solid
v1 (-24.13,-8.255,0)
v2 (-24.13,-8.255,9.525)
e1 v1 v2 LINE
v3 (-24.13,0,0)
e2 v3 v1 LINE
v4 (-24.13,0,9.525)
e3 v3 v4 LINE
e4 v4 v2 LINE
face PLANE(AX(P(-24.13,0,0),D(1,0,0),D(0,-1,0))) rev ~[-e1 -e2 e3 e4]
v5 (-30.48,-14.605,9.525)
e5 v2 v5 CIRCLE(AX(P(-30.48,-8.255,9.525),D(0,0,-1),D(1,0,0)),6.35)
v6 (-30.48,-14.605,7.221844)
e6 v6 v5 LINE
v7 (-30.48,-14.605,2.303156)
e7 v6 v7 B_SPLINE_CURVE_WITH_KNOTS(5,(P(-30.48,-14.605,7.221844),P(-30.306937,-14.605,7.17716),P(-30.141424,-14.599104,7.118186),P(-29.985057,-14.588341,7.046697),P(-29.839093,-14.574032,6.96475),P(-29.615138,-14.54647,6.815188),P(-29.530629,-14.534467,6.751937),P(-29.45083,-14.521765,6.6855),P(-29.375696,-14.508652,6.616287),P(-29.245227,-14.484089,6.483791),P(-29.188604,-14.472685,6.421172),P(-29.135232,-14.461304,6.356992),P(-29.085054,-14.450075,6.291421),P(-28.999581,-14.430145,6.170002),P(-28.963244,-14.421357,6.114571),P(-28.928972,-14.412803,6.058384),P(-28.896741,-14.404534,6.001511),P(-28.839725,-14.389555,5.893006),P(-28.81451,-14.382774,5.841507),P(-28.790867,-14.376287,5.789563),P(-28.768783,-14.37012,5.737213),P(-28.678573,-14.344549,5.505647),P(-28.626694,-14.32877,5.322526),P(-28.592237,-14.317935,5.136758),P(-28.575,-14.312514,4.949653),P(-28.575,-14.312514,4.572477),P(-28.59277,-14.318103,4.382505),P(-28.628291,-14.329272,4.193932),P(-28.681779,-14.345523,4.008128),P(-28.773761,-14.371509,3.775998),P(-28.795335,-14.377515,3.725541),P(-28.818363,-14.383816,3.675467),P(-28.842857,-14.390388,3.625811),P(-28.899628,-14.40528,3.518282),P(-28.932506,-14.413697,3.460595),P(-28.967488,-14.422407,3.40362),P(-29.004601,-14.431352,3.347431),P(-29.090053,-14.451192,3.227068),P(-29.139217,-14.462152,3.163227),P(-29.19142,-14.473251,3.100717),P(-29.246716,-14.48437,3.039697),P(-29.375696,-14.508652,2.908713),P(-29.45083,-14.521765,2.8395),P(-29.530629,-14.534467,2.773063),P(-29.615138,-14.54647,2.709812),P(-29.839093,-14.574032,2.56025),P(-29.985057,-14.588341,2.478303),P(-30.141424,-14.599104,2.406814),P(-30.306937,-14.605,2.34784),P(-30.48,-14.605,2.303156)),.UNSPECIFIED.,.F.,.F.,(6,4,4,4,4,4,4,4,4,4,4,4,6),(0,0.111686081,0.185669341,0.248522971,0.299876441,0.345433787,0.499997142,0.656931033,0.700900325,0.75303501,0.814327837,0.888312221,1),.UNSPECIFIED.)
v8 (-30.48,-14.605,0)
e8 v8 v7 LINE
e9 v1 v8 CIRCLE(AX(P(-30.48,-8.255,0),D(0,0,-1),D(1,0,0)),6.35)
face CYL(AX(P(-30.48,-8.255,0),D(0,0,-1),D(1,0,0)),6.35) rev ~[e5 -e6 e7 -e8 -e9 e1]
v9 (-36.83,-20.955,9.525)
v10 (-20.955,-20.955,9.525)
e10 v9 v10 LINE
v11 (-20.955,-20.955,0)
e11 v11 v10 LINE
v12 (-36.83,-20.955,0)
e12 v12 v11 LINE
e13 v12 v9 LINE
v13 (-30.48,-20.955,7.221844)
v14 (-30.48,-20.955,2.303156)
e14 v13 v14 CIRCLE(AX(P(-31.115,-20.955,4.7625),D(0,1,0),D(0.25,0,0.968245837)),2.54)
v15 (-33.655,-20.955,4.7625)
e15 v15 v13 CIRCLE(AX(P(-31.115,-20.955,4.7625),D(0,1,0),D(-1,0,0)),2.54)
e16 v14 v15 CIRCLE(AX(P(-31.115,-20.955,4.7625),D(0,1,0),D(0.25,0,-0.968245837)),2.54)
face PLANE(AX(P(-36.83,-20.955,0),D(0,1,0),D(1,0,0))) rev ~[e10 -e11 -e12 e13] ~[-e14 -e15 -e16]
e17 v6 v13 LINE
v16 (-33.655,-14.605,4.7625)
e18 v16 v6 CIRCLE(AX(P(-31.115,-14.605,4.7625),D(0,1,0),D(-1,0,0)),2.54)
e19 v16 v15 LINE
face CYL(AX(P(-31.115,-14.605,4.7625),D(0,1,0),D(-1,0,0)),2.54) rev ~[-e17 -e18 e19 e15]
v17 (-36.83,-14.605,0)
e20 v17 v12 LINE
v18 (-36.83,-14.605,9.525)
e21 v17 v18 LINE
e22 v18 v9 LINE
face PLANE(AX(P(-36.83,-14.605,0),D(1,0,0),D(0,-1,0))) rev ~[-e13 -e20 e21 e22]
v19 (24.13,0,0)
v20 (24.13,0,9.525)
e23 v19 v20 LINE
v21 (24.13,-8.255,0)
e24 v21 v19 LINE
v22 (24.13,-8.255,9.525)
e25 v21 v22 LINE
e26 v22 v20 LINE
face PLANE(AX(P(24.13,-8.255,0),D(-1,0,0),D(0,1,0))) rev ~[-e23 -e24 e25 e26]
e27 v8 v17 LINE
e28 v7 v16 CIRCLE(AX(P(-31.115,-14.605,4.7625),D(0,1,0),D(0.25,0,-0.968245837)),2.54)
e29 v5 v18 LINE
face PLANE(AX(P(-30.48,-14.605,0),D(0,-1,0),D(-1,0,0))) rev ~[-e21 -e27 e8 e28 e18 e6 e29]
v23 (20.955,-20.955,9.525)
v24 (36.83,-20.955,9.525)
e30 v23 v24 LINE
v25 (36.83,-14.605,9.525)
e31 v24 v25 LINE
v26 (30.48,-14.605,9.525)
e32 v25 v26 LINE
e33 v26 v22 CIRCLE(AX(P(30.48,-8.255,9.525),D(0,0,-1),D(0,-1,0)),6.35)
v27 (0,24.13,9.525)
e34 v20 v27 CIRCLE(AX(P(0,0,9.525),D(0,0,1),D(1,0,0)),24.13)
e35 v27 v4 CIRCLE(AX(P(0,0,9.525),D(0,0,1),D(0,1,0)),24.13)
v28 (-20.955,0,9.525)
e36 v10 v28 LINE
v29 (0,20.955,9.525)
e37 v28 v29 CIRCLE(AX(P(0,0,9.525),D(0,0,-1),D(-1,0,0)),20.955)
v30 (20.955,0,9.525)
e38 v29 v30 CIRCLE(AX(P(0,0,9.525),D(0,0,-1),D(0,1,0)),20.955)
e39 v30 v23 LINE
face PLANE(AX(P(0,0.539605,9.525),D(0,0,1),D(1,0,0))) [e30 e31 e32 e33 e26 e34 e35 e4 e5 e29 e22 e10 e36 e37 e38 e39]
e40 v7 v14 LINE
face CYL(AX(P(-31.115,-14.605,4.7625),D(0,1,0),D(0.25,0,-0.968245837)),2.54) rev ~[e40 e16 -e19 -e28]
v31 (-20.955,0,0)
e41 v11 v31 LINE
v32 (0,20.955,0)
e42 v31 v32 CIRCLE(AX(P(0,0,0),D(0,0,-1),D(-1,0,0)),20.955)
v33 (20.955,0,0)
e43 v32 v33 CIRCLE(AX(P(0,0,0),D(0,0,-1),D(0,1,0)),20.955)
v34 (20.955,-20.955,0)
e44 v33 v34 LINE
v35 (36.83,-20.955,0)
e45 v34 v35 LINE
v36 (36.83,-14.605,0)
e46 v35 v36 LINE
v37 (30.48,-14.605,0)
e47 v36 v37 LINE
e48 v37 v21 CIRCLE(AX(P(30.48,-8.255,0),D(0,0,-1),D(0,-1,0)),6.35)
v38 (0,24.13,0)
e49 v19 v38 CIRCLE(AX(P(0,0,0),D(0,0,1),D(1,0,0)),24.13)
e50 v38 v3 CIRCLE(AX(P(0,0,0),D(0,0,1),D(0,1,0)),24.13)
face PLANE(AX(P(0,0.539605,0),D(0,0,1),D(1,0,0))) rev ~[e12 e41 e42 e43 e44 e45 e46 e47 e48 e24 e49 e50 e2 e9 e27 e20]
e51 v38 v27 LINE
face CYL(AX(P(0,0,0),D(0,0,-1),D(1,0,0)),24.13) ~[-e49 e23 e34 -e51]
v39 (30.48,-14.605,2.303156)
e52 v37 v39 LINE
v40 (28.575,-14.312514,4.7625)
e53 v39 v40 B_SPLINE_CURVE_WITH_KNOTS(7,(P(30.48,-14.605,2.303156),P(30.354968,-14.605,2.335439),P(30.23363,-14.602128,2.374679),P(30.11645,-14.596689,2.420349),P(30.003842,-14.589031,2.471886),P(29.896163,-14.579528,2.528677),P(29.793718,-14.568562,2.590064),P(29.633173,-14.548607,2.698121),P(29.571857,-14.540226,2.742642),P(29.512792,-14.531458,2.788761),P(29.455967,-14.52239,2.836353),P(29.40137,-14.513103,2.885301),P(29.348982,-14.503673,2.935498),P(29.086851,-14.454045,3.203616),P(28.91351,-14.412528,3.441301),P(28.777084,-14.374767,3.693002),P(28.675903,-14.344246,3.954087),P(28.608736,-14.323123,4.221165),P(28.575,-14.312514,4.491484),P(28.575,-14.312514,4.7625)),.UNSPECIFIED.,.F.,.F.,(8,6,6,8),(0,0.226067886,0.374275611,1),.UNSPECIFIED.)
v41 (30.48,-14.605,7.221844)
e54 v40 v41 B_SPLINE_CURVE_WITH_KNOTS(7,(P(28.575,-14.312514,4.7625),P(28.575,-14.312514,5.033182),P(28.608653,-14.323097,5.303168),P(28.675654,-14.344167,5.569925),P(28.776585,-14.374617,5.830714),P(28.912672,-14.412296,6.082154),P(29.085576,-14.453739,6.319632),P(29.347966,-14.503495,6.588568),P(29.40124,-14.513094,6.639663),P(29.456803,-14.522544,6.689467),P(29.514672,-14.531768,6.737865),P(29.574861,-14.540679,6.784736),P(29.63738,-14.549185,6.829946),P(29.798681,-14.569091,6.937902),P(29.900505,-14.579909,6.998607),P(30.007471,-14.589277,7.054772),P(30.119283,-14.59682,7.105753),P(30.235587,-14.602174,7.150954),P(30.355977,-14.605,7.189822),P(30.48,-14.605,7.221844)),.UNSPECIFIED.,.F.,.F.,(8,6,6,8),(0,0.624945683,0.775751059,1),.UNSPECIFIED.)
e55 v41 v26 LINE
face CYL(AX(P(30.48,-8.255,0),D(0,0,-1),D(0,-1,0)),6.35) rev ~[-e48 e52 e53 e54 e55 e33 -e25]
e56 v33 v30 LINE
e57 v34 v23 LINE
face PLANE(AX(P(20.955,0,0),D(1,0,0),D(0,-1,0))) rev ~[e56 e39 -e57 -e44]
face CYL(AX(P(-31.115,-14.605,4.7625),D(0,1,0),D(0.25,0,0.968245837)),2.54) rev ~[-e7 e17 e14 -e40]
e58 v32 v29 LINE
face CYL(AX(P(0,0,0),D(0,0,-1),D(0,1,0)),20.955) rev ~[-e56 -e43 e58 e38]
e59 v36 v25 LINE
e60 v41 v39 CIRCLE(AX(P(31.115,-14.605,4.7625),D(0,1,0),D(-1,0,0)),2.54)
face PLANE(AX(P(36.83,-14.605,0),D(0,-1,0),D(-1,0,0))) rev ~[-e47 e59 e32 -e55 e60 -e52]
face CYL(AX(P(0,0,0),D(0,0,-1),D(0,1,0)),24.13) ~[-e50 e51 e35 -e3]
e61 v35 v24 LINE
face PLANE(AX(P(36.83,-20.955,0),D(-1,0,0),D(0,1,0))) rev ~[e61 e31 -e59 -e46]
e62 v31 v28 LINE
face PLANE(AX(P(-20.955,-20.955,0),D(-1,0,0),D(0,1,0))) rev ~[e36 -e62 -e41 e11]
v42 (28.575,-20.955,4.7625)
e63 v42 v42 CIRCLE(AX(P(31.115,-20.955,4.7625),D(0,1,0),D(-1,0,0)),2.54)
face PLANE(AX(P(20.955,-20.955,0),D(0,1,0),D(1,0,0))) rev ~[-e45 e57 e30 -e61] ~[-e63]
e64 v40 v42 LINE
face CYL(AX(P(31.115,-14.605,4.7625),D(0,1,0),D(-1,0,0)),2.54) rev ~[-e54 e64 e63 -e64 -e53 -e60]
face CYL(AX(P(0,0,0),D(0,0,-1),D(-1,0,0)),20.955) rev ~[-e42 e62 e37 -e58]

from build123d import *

# Parameters (mm, degrees)
F1_DEPTH      = 9.525
F2_R          = 2.54
F3_DEPTH      = 25.4
F3_DEPTH_BACK = 25.4


with BuildPart() as f1:
    # F0 (on Top) → F1 (new body)
    with BuildSketch(Plane.XY):
        with BuildLine():
            ThreePointArc((-20.955, 0), (-14.8174225998, 14.8174225998), (0, 20.955))
            ThreePointArc((0, 20.955), (14.8174225998, 14.8174225998), (20.955, 0))
            Line((20.955, 0), (20.955, -20.955))
            Line((20.955, -20.955), (36.83, -20.955))
            Line((36.83, -20.955), (36.83, -14.605))
            Line((36.83, -14.605), (30.48, -14.605))
            ThreePointArc((30.48, -14.605), (25.9898719395, -12.7451280605), (24.13, -8.255))
            Line((24.13, -8.255), (24.13, 0))
            ThreePointArc((24.13, 0), (17.06248663, 17.06248663), (0, 24.13))
            ThreePointArc((0, 24.13), (-17.06248663, 17.06248663), (-24.13, 0))
            Line((-24.13, 0), (-24.13, -8.255))
            ThreePointArc((-24.13, -8.255), (-25.9898719395, -12.7451280605), (-30.48, -14.605))
            Line((-30.48, -14.605), (-36.83, -14.605))
            Line((-36.83, -14.605), (-36.83, -20.955))
            Line((-36.83, -20.955), (-20.955, -20.955))
            Line((-20.955, -20.955), (-20.955, 0))
        make_face()
    extrude(amount=F1_DEPTH)

    # F2 (on face) → F3 (cut, two sides)
    with BuildSketch(Plane(origin=(0, -14.605, 0), x_dir=(-1, 0, 0), z_dir=(0, 1, 0))) as f3_sk:
        with Locations((-31.115, 4.7625)):
            Circle(F2_R)
        with BuildLine():
            Line((30.48, 2.3031555752), (30.48, 7.2218444248))
            ThreePointArc((30.48, 7.2218444248), (28.575, 4.7625), (30.48, 2.3031555752))
        make_face()
        with BuildLine():
            ThreePointArc((30.48, 2.3031555752), (32.6704259867, 2.7544536858), (33.655, 4.7625))
            ThreePointArc((33.655, 4.7625), (32.6704259867, 6.7705463142), (30.48, 7.2218444248))
            Line((30.48, 7.2218444248), (30.48, 2.3031555752))
        make_face()
    extrude(amount=-F3_DEPTH, mode=Mode.SUBTRACT)
    extrude(f3_sk.sketch, amount=F3_DEPTH_BACK, mode=Mode.SUBTRACT)


solid = f1.part
